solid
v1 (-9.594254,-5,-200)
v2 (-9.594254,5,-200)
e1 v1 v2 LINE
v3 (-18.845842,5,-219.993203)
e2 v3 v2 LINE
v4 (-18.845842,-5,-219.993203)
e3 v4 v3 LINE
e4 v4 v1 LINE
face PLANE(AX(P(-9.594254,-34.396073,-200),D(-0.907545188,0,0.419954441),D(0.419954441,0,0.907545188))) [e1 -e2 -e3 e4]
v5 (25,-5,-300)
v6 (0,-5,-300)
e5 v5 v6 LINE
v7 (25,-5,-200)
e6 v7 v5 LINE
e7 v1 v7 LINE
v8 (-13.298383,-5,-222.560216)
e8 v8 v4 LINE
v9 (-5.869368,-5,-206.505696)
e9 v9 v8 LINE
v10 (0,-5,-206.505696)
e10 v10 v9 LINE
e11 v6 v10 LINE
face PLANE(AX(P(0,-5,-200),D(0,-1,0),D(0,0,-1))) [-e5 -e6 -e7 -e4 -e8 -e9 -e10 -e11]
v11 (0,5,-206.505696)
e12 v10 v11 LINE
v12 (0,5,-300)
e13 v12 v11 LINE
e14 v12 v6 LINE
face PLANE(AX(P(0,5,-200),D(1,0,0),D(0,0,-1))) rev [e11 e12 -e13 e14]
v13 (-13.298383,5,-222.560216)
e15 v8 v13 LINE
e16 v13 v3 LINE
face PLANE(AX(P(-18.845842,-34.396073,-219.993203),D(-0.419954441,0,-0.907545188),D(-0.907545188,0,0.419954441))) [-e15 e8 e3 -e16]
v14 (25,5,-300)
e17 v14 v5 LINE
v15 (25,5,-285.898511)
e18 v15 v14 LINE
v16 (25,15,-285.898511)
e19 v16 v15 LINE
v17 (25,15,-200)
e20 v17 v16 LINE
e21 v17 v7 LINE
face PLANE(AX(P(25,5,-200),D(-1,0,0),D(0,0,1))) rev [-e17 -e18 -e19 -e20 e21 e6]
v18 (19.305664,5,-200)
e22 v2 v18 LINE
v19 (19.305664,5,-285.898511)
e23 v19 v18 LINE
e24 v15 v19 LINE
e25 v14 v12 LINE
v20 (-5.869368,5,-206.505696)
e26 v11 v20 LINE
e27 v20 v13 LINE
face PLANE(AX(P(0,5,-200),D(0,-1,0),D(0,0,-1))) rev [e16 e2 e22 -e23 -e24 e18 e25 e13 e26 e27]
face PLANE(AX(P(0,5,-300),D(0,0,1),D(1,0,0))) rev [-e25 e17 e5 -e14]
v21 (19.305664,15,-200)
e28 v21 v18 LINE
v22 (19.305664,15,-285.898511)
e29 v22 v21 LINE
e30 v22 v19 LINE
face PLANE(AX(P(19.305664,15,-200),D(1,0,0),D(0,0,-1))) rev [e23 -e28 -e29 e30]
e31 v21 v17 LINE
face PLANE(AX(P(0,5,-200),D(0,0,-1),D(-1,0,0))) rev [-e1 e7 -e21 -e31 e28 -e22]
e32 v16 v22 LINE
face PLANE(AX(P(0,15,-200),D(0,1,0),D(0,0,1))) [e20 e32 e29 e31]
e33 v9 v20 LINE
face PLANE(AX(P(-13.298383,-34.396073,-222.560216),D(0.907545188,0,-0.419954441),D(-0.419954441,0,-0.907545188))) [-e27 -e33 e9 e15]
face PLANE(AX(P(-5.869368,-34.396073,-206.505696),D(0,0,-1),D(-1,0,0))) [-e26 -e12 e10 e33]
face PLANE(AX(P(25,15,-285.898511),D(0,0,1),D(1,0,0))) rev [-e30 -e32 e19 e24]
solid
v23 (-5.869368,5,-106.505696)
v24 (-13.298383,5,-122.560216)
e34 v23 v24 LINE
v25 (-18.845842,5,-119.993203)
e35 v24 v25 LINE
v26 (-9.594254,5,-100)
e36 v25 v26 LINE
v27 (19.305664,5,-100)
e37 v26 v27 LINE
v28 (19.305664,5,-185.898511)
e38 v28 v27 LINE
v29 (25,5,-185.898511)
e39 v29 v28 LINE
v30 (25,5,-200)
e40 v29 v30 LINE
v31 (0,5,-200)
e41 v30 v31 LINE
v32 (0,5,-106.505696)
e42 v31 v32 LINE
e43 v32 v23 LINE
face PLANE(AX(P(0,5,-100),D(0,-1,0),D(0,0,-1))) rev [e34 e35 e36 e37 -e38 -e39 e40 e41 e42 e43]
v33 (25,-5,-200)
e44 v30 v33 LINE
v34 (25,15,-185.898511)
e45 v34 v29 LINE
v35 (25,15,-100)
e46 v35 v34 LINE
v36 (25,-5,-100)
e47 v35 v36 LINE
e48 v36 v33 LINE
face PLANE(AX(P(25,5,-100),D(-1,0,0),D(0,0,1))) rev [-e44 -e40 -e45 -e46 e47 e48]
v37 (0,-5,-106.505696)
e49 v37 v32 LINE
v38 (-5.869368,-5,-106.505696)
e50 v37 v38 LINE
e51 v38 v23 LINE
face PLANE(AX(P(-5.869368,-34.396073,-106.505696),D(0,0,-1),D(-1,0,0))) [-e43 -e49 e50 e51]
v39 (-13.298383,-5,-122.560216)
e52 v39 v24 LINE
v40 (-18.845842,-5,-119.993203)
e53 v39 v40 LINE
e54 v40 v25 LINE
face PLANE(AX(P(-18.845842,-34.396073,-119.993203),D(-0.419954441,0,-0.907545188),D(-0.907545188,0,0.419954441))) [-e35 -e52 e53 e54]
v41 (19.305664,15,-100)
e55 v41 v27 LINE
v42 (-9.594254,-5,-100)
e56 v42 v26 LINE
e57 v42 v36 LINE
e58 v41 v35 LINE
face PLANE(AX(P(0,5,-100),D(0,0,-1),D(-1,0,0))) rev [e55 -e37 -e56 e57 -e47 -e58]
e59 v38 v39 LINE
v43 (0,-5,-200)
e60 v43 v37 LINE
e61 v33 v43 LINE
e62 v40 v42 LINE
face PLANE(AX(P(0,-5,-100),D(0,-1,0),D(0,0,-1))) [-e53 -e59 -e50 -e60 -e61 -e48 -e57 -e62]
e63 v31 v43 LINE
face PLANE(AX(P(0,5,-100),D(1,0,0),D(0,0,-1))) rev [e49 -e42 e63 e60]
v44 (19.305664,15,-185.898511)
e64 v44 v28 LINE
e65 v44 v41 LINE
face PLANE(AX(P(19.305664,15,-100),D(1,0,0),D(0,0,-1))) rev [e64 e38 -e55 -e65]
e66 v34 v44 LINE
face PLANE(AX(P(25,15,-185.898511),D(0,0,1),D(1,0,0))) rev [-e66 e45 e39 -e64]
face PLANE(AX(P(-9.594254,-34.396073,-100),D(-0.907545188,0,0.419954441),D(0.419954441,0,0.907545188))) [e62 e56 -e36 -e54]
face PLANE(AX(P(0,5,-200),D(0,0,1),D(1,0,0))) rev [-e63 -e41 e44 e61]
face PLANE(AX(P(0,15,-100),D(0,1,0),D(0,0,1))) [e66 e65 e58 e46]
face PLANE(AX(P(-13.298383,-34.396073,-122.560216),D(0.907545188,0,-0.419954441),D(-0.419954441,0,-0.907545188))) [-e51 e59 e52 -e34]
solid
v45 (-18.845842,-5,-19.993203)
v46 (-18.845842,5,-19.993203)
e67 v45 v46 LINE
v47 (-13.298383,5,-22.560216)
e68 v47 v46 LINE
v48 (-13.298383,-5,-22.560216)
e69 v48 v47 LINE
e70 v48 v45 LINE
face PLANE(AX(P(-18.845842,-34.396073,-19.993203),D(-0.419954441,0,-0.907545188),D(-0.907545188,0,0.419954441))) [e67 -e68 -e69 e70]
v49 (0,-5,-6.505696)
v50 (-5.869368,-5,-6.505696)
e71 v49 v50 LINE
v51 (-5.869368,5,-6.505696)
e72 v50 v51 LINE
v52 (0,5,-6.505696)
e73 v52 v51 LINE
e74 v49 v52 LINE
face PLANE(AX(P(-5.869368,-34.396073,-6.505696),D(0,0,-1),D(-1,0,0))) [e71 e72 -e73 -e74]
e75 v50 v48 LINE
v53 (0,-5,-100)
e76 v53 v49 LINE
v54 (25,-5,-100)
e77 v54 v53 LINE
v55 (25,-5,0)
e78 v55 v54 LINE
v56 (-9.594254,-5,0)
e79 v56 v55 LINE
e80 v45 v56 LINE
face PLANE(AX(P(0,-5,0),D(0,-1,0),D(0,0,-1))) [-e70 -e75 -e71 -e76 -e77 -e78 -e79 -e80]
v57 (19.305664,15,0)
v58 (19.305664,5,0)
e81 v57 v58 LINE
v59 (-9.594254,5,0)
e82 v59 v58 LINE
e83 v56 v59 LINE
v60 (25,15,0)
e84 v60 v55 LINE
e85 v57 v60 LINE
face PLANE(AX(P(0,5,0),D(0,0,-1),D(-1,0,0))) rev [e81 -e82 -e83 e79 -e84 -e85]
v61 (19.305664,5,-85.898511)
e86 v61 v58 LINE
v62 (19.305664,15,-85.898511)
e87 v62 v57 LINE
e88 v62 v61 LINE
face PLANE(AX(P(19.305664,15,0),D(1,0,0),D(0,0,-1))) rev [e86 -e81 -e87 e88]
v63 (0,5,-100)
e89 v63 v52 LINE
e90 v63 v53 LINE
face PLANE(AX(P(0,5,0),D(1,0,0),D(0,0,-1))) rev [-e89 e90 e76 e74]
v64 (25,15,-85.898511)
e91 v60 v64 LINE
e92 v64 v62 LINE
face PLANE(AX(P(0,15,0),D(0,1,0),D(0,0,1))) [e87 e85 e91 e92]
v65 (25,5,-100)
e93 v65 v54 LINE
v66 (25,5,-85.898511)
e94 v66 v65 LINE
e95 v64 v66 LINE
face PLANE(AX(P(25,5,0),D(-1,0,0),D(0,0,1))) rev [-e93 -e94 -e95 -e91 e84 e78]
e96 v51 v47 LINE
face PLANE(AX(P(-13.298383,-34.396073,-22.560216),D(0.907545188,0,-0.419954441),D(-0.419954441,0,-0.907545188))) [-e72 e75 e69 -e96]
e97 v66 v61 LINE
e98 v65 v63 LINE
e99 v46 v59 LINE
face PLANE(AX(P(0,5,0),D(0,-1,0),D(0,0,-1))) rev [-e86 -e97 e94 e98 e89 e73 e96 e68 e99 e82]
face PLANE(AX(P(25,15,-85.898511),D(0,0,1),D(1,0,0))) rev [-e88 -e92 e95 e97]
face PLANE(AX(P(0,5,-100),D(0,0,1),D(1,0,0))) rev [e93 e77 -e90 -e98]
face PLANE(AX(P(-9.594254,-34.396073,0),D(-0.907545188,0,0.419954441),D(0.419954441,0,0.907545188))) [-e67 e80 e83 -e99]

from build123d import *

# Parameters (mm, degrees)
SKIZZE1_W                       = 25
SKIZZE1_H                       = 100
AUFSATZ_LINEAR_AUSTRAGEN1_DEPTH = 5
AUFSATZ_LINEAR_AUSTRAGEN2_DEPTH = 10
SKIZZE4_W                       = 5.694336472
SKIZZE4_H                       = 85.898511164
AUFSATZ_LINEAR_AUSTRAGEN3_DEPTH = 10
LINEARES_MUSTER1_COUNT          = 3
LINEARES_MUSTER1_PITCH          = 100


with BuildPart() as part:
    # Skizze1 → Aufsatz-Linear austragen1 (new body, symmetric)
    with BuildSketch(Plane(origin=(0, 0, 0), x_dir=(1, 0, 0), z_dir=(0, 1, 0))):
        with Locations((12.5, 50)):
            Rectangle(SKIZZE1_W, SKIZZE1_H)
    extrude(amount=AUFSATZ_LINEAR_AUSTRAGEN1_DEPTH, both=True)

    # Skizze3 → Aufsatz-Linear austragen2 (add)
    with BuildSketch(Plane(origin=(0, 5, 0), x_dir=(1, 0, 0), z_dir=(0, 1, 0))):
        Polygon((0, 0), (-9.594253899, 0), (-18.845842309, 19.993203382), (-13.298383447, 22.560216038), (-5.869368316, 6.505696115), (0, 6.505696115), align=None)
    extrude(amount=-AUFSATZ_LINEAR_AUSTRAGEN2_DEPTH)

    # Skizze4 → Aufsatz-Linear austragen3 (add)
    with BuildSketch(Plane(origin=(0, 5, 0), x_dir=(1, 0, 0), z_dir=(0, 1, 0))):
        with Locations((22.152831764, 42.949255582)):
            Rectangle(SKIZZE4_W, SKIZZE4_H)
    extrude(amount=AUFSATZ_LINEAR_AUSTRAGEN3_DEPTH)


with BuildPart() as lineares_muster1_1:
    # Lineares Muster1: pattern copy
    add(part.part.moved(Location(Vector(0, 0, -1) * (1 * LINEARES_MUSTER1_PITCH))))


with BuildPart() as lineares_muster1_2:
    # Lineares Muster1: pattern copy
    add(part.part.moved(Location(Vector(0, 0, -1) * (2 * LINEARES_MUSTER1_PITCH))))


solid = Compound([part.part, lineares_muster1_1.part, lineares_muster1_2.part])
